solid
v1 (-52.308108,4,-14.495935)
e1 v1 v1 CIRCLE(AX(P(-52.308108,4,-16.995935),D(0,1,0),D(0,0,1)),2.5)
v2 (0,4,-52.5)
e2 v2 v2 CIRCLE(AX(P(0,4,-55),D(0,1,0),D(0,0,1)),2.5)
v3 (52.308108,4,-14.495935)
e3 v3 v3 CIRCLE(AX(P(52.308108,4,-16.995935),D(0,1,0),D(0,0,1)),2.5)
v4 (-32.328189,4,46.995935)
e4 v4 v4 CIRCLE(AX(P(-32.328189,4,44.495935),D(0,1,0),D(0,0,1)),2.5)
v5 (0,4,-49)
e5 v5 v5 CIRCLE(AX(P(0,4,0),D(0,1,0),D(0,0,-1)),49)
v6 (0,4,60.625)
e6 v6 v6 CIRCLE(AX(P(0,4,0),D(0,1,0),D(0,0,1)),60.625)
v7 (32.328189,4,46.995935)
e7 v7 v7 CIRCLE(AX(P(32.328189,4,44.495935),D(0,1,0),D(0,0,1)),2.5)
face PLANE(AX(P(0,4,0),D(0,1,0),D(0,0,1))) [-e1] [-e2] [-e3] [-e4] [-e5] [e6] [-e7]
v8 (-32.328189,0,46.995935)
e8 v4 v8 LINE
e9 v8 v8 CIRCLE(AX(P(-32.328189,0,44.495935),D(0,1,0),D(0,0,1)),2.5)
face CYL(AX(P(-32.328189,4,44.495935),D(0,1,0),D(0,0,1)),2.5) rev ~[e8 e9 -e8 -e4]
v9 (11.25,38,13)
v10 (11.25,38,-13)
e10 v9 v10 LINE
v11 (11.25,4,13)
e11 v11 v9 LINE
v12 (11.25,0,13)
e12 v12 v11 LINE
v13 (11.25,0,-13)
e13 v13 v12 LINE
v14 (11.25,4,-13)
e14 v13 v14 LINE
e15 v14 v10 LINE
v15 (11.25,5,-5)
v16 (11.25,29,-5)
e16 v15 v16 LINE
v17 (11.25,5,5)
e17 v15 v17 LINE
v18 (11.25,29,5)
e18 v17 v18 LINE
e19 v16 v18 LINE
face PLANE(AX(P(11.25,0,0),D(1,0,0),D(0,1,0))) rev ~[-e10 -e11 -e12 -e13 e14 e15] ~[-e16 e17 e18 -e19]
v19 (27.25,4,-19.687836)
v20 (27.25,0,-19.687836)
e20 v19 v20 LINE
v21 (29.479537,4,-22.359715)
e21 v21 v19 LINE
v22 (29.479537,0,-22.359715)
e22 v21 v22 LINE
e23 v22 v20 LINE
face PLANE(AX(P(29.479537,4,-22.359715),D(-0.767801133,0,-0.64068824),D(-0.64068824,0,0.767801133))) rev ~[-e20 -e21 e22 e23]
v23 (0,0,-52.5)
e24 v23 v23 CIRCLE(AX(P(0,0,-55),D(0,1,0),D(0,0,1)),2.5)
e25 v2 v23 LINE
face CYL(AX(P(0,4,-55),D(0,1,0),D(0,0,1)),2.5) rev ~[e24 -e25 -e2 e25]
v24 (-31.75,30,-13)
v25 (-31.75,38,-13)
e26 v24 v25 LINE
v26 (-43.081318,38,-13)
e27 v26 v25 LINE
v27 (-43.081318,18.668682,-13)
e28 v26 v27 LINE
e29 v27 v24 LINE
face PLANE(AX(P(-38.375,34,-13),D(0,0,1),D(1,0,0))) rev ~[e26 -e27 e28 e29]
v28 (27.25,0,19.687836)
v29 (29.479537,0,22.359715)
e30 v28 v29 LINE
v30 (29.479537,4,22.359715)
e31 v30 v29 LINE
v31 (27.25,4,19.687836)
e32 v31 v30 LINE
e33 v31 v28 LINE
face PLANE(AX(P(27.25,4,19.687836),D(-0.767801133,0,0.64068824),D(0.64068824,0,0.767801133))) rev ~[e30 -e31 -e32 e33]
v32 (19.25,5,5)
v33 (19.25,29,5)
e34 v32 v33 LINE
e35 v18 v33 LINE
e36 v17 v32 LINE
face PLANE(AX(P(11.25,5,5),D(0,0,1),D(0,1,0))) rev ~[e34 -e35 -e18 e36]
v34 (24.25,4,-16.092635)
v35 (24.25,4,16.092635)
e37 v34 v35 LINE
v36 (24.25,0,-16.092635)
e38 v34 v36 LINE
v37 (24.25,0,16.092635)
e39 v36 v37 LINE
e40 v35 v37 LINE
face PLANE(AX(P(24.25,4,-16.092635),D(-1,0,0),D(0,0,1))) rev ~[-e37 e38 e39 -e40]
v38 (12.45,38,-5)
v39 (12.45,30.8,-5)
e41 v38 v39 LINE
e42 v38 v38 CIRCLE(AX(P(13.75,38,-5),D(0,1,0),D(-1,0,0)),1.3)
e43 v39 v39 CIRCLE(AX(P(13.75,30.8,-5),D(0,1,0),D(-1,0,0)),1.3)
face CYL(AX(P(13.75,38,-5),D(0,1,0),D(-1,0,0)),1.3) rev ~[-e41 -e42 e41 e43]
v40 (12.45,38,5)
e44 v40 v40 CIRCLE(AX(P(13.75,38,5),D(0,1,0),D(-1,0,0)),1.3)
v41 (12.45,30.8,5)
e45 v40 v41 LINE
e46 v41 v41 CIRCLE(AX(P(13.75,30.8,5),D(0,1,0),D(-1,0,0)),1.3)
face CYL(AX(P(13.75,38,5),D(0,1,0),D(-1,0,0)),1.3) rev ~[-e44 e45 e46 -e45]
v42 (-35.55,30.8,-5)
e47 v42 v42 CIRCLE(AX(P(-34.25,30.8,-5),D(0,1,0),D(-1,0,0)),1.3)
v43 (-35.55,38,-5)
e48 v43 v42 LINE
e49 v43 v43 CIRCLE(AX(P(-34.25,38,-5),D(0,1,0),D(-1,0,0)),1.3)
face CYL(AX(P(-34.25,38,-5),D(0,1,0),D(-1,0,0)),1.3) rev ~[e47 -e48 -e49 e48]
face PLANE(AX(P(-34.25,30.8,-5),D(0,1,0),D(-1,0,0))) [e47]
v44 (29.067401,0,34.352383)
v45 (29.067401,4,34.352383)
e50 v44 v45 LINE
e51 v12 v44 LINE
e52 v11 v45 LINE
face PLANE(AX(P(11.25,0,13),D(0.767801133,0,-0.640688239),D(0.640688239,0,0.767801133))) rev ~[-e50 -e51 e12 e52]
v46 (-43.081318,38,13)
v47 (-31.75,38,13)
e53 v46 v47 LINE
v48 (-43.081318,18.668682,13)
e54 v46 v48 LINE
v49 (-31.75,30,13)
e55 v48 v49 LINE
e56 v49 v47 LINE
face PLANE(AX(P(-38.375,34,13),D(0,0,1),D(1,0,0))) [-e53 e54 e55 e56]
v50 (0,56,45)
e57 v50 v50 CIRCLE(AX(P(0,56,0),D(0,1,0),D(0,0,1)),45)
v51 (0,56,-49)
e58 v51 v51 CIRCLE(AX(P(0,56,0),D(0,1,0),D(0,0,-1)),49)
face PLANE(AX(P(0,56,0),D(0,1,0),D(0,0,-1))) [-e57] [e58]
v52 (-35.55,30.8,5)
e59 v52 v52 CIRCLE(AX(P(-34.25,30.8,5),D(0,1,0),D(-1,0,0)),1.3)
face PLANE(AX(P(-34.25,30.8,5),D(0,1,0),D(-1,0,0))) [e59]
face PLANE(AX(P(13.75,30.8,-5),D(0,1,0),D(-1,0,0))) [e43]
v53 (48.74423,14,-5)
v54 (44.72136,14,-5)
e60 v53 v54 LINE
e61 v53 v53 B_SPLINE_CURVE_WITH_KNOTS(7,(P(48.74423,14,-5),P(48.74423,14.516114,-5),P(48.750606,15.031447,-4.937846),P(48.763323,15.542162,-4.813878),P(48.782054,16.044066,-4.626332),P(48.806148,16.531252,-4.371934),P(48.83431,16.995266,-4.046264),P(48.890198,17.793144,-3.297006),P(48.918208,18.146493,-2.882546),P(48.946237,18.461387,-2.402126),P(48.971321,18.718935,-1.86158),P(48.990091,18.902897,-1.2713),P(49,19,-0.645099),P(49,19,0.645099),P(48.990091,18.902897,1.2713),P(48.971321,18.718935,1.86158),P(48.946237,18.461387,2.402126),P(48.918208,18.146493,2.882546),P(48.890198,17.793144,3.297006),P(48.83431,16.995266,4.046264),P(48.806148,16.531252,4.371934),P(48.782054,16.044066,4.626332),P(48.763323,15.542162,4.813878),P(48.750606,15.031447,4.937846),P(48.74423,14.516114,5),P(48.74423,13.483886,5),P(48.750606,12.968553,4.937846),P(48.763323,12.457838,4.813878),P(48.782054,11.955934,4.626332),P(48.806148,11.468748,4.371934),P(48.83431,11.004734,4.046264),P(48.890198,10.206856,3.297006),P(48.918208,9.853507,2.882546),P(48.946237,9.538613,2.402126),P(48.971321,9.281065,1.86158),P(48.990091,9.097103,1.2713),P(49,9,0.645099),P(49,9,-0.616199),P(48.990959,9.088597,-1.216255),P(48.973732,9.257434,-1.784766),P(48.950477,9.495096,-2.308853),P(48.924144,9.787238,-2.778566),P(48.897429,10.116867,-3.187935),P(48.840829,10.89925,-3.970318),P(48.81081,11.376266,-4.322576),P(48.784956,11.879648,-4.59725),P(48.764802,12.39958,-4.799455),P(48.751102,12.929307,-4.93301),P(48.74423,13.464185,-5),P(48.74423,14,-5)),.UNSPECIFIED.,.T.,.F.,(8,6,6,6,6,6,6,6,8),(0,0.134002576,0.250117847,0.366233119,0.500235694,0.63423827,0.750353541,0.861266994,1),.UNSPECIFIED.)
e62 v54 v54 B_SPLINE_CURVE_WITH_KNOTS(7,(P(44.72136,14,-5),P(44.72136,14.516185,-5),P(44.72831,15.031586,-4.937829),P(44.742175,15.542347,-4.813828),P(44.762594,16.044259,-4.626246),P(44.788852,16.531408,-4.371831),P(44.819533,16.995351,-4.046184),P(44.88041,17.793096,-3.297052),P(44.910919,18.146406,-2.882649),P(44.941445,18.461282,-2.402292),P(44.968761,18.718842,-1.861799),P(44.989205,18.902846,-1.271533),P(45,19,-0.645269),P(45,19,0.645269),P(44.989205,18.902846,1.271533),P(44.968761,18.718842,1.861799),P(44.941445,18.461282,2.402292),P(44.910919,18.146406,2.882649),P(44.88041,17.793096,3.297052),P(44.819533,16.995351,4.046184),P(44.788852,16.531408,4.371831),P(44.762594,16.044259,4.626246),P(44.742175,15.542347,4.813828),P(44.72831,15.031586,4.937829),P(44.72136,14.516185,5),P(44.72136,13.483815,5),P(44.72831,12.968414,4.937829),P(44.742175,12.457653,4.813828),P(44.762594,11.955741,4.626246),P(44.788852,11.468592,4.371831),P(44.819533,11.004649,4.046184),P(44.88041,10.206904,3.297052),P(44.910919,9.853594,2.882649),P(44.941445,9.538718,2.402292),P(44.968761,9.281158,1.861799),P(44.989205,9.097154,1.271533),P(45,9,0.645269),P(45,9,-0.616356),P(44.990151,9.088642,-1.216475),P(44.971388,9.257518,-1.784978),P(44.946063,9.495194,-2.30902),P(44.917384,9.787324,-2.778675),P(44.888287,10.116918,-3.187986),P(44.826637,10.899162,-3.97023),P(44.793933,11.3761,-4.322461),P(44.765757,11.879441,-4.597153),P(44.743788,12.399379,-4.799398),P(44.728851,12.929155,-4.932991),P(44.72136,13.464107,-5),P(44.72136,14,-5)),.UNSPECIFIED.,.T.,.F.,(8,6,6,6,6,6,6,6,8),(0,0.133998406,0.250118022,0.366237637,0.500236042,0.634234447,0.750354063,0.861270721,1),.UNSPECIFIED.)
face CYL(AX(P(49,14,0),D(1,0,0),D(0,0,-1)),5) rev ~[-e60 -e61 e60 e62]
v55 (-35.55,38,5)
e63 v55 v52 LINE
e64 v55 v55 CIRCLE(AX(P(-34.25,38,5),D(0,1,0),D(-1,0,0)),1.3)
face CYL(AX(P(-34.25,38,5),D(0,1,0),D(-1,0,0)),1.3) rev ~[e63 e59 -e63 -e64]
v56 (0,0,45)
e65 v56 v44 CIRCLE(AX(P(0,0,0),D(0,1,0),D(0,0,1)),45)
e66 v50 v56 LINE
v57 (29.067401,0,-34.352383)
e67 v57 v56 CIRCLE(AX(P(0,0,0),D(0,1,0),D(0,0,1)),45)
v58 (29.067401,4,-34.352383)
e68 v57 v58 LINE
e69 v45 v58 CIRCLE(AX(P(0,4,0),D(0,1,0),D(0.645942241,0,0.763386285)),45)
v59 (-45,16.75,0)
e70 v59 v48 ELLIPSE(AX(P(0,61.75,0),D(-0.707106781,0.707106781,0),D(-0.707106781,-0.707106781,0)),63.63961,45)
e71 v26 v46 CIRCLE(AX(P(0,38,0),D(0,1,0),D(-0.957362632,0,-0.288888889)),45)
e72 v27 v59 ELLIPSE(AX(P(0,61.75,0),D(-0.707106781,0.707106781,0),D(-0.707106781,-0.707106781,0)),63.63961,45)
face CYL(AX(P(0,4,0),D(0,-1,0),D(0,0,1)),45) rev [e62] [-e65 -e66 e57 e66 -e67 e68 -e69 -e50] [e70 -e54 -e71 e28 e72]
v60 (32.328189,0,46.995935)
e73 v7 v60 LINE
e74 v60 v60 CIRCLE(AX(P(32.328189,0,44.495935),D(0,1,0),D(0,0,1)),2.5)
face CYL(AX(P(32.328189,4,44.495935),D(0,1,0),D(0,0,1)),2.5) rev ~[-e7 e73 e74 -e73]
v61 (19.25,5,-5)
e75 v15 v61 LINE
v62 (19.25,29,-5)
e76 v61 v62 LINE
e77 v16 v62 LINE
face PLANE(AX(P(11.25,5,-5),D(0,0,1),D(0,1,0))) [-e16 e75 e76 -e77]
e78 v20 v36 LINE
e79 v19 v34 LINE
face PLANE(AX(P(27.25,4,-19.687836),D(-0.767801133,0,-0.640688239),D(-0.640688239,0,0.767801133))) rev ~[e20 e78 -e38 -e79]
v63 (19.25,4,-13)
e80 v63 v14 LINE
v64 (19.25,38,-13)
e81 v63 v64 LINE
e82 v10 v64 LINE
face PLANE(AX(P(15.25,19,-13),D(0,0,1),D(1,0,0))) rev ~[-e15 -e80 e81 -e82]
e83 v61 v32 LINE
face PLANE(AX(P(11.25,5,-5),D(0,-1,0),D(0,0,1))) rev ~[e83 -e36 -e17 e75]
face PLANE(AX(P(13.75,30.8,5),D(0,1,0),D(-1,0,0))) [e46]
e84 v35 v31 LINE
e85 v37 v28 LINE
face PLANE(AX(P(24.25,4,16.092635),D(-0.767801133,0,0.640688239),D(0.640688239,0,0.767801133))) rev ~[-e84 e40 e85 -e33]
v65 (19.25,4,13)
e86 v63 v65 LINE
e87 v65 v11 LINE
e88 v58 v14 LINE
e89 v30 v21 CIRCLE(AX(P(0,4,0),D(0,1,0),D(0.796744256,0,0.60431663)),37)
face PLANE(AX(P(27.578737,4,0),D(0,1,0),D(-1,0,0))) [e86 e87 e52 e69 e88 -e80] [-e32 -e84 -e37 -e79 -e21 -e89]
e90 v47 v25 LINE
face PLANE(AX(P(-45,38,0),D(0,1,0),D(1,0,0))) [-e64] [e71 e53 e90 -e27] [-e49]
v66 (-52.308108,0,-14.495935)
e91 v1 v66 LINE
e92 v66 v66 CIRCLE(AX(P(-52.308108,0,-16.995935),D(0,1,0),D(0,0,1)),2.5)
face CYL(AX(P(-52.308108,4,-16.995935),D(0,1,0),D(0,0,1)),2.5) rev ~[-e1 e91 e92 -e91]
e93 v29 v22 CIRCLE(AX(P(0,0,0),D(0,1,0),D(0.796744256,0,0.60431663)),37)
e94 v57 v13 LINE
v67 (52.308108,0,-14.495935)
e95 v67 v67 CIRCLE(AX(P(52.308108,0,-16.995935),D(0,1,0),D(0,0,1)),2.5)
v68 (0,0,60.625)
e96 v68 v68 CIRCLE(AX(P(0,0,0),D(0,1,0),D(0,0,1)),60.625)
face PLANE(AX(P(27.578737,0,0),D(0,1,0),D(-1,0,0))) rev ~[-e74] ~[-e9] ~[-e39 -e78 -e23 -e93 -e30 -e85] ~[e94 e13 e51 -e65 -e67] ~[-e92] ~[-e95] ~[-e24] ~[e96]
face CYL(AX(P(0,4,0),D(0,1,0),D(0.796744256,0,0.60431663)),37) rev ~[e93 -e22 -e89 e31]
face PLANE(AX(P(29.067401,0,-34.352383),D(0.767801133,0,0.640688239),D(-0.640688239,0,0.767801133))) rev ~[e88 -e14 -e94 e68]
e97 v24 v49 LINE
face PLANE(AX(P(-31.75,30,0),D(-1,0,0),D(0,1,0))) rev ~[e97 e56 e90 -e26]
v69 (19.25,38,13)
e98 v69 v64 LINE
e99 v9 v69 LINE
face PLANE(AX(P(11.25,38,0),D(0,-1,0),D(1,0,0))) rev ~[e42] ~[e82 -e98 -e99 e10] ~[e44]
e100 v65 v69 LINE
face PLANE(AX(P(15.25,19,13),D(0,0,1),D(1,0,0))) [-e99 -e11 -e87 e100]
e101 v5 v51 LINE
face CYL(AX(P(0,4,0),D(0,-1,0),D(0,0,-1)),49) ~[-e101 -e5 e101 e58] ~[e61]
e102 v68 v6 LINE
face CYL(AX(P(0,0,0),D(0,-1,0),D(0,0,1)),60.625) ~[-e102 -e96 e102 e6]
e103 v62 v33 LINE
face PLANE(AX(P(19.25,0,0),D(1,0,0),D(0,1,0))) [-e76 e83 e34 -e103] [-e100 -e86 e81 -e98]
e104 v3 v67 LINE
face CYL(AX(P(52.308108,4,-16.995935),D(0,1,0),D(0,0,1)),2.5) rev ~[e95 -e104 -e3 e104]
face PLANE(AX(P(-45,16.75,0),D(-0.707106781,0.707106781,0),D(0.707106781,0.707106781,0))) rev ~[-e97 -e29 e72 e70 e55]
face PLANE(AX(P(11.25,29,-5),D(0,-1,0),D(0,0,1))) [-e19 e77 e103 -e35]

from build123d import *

# Parameters (mm, degrees)
SKETCH1_R               = 60.625
SKETCH1_R_2             = 45
BOSS_EXTRUDE1_DEPTH     = 4
SKETCH2_R               = 49
SKETCH2_R_2             = 45
BOSS_EXTRUDE2_DEPTH     = 52
SKETCH4_W               = 13.25
SKETCH4_H               = 8
SKETCH4_W_2             = 8
SKETCH4_H_2             = 38
BOSS_EXTRUDE4_DEPTH     = 13
BOSS_EXTRUDE5_DEPTH     = 4
SKETCH7_R               = 1.3
CUT_EXTRUDE4_DEPTH      = 7.2
SKETCH9_W               = 10
SKETCH9_H               = 24
CUT_EXTRUDE7_DEPTH      = 8
CUT_EXTRUDE8_REACH      = 139.219
CUT_EXTRUDE8_END_RADIUS = 45
SKETCH11_R              = 5
CUT_EXTRUDE9_DEPTH      = 101.273532203
SKETCH15_R              = 2.5
CUT_EXTRUDE10_DEPTH     = 10


with BuildPart() as part:
    # Sketch1 → Boss-Extrude1 (new body)
    with BuildSketch(Plane(origin=(0, 0, 0), x_dir=(1, 0, 0), z_dir=(0, 1, 0))):
        with Locations(Location((0, 0, 0), (0, 0, 270))):
            Circle(SKETCH1_R)
        with Locations(Location((0, 0, 0), (0, 0, 270))):
            Circle(SKETCH1_R_2, mode=Mode.SUBTRACT)
    extrude(amount=BOSS_EXTRUDE1_DEPTH)

    # Sketch2 → Boss-Extrude2 (add)
    with BuildSketch(Plane(origin=(0, 4, 0), x_dir=(1, 0, 0), z_dir=(0, 1, 0))):
        with Locations(Location((0, 0, 0), (0, 0, 90))):
            Circle(SKETCH2_R)
        with Locations(Location((0, 0, 0), (0, 0, 270))):
            Circle(SKETCH2_R_2, mode=Mode.SUBTRACT)
    extrude(amount=BOSS_EXTRUDE2_DEPTH)

    # Sketch4 → Boss-Extrude4 (add, symmetric)
    with BuildSketch(Plane.XY):
        with Locations((-38.375, 34)):
            Rectangle(SKETCH4_W, SKETCH4_H)
        Polygon((-31.75, 30), (-45, 30), (-45, 16.75), align=None)
        with Locations((15.25, 19)):
            Rectangle(SKETCH4_W_2, SKETCH4_H_2)
    extrude(amount=BOSS_EXTRUDE4_DEPTH, both=True)


with BuildPart() as boss_extrude4_piece_1:
    # of the separate pieces the step leaves, piece 1, a body of its own (boss_extrude4_pieces)
    add(part.part.solids().sort_by_distance((0, 0, 60.625))[0])



with BuildPart() as boss_extrude4_piece_2:
    # of the separate pieces the step leaves, piece 2, a body of its own (boss_extrude4_pieces)
    add(part.part.solids().sort_by_distance((11.25, 38, -13))[0])


with BuildPart() as boss_extrude4_piece_1_1:
    add(boss_extrude4_piece_1.part)

    add(boss_extrude4_piece_2.part)  # Boss-Extrude5 merges Boss-Extrude4 piece 2
    # Sketch5 → Boss-Extrude5 (add)
    with BuildSketch(Plane.XZ):
        with BuildLine():
            Line((11.25, 13), (29.067400866, 34.352382842))
            ThreePointArc((29.067400866, 34.352382842), (45, 0), (29.067400866, -34.352382842))
            Line((29.067400866, -34.352382842), (11.25, -13))
            Line((11.25, -13), (11.25, 13))
        make_face()
    extrude(amount=-BOSS_EXTRUDE5_DEPTH)

    # Sketch7 → Cut-Extrude4 (cut)
    with BuildSketch(Plane(origin=(0, 38, 0), x_dir=(1, 0, 0), z_dir=(0, 1, 0))):
        with Locations(Location((-34.25, 5, 0), (0, 0, 180))):
            Circle(SKETCH7_R)
        with Locations(Location((-34.25, -5, 0), (0, 0, 180))):
            Circle(SKETCH7_R)
        with Locations(Location((13.75, 5, 0), (0, 0, 180))):
            Circle(SKETCH7_R)
        with Locations(Location((13.75, -5, 0), (0, 0, 180))):
            Circle(SKETCH7_R)
    extrude(amount=-CUT_EXTRUDE4_DEPTH, mode=Mode.SUBTRACT)

    # Sketch9 → Cut-Extrude7 (cut)
    with BuildSketch(Plane.ZY.offset(-11.25)):
        with Locations((0, 17)):
            Rectangle(SKETCH9_W, SKETCH9_H)
    extrude(amount=-CUT_EXTRUDE7_DEPTH, mode=Mode.SUBTRACT)

    # Cut-Extrude8: up to this cylinder (the profile starts outside it)
    cut_extrude8_end = Plane(origin=(0, 14, 0), z_dir=(0, -1, 0)) * Cylinder(CUT_EXTRUDE8_END_RADIUS, 369.438, mode=Mode.PRIVATE)
    # Sketch11 → Cut-Extrude8 (cut, up to the surface)
    with BuildSketch(Plane(origin=(49, 0, 0), x_dir=(0, 0, -1), z_dir=(1, 0, 0)), mode=Mode.PRIVATE) as cut_extrude8_sk1:
        with Locations((0, 14)):
            Circle(SKETCH11_R)
    cut_extrude8_tool1 = extrude(cut_extrude8_sk1.sketch, amount=-CUT_EXTRUDE8_REACH, mode=Mode.PRIVATE) - cut_extrude8_end
    add(cut_extrude8_tool1.solids().sort_by_distance((49, 14, 0))[0], mode=Mode.SUBTRACT)

    # Sketch12 → Cut-Extrude9 (cut, through all)
    with BuildSketch(Plane(origin=(0, 4, 0), x_dir=(1, 0, 0), z_dir=(0, 1, 0))):
        with BuildLine():
            Line((29.479537487, 22.359715328), (27.25, 19.687836398))
            Line((27.25, 19.687836398), (27.25, -19.687836398))
            Line((27.25, -19.687836398), (29.479537487, -22.359715328))
            ThreePointArc((29.479537487, -22.359715328), (37, 0), (29.479537487, 22.359715328))
        make_face()
        Polygon((27.25, -19.687836398), (27.25, 19.687836398), (24.25, 16.092634774), (24.25, -16.092634774), align=None)
    extrude(amount=-CUT_EXTRUDE9_DEPTH, mode=Mode.SUBTRACT)

    # Sketch15 → Cut-Extrude10 (cut)
    with BuildSketch(Plane(origin=(0, 4, 0), x_dir=(1, 0, 0), z_dir=(0, 1, 0))):
        with Locations(Location((0, 55, 0), (0, 0, 270))):
            Circle(SKETCH15_R)
        with Locations(Location((52.308108396, 16.995934691, 0), (0, 0, 270))):
            Circle(SKETCH15_R)
        with Locations(Location((32.328188876, -44.495934691, 0), (0, 0, 270))):
            Circle(SKETCH15_R)
        with Locations(Location((-32.328188876, -44.495934691, 0), (0, 0, 270))):
            Circle(SKETCH15_R)
        with Locations(Location((-52.308108396, 16.995934691, 0), (0, 0, 270))):
            Circle(SKETCH15_R)
    extrude(amount=-CUT_EXTRUDE10_DEPTH, mode=Mode.SUBTRACT)


solid = boss_extrude4_piece_1_1.part
